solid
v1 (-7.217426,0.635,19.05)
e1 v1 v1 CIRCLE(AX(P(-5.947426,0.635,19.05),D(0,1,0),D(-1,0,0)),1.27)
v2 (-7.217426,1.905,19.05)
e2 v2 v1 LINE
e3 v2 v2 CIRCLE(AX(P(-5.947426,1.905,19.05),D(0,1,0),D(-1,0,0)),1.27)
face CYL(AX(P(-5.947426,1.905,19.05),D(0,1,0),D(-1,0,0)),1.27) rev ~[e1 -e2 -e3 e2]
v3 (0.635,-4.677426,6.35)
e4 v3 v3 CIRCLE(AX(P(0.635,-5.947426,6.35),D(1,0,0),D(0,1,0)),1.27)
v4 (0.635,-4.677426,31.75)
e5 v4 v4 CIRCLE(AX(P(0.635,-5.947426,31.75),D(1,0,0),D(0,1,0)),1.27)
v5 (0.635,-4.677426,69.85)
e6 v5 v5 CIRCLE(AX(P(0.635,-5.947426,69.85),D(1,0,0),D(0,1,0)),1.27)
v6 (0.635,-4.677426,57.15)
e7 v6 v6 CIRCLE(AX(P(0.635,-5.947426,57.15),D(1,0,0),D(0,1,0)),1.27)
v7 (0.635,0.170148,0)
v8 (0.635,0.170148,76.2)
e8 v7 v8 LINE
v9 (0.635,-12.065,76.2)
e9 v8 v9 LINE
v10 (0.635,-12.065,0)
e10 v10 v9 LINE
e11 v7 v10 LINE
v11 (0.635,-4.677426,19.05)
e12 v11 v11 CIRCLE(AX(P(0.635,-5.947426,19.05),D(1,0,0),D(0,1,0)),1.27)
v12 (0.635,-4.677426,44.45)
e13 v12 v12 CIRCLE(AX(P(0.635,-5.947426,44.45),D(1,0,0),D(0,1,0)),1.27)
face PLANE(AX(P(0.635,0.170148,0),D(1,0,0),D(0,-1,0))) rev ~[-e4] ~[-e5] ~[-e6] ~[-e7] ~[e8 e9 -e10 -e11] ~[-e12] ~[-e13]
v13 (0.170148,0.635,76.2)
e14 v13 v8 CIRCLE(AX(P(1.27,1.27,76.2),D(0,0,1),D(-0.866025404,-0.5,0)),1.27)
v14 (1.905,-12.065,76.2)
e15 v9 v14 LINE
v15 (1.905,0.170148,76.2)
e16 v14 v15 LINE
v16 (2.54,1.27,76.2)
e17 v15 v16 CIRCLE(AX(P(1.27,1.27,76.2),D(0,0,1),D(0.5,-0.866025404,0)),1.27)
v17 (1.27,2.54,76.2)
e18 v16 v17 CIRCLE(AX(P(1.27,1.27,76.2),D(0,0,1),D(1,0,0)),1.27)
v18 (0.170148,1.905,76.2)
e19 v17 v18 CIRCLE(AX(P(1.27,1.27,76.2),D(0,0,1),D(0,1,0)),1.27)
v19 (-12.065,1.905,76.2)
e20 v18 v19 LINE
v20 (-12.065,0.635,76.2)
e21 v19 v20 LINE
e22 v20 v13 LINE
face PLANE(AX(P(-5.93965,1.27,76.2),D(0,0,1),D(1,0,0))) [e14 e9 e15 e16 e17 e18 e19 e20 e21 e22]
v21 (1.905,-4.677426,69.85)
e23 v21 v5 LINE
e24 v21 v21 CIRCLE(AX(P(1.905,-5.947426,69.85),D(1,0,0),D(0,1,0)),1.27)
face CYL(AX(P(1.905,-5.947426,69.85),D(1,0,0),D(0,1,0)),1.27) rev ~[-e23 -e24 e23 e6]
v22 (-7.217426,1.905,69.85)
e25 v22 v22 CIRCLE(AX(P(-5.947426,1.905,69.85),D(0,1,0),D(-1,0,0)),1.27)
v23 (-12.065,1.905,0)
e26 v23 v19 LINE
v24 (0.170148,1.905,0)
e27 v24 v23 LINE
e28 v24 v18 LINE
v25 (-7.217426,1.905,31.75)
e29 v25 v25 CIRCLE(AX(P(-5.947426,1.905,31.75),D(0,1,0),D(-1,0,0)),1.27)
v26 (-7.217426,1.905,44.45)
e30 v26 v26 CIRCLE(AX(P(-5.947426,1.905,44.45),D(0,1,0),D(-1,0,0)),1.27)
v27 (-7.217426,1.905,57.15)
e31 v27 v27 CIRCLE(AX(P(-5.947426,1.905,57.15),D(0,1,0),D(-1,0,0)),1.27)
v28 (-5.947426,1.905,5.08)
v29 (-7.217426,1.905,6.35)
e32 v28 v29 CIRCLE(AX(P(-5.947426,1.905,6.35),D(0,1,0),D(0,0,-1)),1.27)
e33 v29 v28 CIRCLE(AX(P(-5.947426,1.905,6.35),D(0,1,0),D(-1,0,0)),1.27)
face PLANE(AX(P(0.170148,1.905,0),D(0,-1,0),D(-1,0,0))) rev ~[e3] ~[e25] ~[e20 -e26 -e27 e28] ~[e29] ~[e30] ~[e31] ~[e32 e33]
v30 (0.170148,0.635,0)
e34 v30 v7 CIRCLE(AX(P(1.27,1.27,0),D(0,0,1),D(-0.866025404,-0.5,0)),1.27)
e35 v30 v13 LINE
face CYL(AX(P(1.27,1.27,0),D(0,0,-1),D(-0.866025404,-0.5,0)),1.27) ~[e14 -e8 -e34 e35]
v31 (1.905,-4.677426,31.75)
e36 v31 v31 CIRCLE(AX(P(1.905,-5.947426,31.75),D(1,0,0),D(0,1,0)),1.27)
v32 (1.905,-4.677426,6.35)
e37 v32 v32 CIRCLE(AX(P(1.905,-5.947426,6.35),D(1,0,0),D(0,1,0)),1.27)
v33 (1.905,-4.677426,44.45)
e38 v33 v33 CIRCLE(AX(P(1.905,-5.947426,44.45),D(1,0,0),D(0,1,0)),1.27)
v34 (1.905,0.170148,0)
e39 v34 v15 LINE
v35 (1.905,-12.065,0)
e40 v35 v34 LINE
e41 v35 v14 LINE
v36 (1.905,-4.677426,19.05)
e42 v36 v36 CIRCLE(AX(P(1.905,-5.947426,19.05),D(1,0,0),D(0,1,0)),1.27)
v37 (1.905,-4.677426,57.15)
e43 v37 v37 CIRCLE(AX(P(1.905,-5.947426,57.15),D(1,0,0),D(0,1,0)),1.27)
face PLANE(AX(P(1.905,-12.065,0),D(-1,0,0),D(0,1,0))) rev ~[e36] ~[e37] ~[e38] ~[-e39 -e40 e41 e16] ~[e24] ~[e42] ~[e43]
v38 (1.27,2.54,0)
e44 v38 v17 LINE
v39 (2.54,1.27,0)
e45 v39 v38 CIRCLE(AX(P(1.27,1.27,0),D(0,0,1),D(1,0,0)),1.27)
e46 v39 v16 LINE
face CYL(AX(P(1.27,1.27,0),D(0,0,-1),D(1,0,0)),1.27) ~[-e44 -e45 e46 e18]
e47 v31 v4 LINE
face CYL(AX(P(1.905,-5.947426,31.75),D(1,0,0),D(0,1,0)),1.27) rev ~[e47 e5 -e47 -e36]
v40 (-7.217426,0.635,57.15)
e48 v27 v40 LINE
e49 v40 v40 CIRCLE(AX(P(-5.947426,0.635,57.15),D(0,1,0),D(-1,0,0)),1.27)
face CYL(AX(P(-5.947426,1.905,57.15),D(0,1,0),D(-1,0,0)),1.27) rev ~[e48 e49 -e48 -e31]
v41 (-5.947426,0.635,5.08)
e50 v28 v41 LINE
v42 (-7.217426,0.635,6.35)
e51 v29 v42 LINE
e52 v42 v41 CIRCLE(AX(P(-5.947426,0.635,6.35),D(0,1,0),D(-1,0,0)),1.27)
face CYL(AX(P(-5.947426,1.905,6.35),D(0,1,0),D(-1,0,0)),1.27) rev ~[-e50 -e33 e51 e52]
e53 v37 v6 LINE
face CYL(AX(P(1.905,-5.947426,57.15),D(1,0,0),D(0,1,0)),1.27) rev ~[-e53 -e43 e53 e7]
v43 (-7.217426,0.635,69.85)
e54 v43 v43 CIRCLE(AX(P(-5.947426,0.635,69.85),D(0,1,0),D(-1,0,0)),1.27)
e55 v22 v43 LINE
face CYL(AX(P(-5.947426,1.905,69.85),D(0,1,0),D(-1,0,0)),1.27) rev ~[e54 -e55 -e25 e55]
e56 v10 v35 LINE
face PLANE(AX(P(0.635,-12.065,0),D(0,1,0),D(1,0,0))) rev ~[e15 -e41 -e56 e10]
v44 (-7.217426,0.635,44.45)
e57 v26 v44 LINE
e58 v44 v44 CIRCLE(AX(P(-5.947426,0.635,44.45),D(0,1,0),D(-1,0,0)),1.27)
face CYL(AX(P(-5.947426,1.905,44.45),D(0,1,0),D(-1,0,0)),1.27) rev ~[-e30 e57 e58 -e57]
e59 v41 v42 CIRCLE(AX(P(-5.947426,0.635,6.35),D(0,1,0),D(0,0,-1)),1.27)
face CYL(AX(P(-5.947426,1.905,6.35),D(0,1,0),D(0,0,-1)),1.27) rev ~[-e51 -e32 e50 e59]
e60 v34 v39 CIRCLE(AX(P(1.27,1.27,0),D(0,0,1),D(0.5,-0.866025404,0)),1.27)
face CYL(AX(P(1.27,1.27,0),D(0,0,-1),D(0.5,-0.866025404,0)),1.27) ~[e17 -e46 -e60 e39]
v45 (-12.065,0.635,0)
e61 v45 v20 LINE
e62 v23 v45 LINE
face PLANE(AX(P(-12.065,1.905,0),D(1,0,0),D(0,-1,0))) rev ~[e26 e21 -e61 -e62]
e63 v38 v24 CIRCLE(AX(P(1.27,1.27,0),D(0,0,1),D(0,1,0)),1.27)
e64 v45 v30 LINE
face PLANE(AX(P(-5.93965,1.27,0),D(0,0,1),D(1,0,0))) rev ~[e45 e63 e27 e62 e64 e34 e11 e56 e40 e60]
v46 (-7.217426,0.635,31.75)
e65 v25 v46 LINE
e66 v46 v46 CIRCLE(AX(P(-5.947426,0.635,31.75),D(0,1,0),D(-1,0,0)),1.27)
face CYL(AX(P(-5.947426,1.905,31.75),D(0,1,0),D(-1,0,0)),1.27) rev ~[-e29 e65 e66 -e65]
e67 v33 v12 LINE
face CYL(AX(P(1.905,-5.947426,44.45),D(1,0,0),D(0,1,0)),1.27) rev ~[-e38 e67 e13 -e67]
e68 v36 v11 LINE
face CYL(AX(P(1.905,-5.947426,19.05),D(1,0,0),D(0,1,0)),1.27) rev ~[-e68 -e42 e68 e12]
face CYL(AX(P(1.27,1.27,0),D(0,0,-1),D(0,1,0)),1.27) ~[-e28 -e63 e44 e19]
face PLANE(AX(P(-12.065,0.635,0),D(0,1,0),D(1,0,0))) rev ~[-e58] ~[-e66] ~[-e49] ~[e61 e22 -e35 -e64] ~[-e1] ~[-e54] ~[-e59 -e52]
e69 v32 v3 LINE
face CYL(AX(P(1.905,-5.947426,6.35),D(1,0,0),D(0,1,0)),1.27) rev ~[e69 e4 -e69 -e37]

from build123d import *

# Parameters (mm, degrees)
F1_DEPTH = 76.2
F2_R     = 1.27
F3_DEPTH = 25.4
F4_R     = 1.27
F5_DEPTH = 25.4


with BuildPart() as f1:
    # F0 (on Top) → F1 (new body)
    with BuildSketch(Plane.XY):
        with BuildLine():
            ThreePointArc((0, 1.27), (0.0432742006, 1.5987001873), (0.1701477372, 1.905))
            Line((0.1701477372, 1.905), (-12.065, 1.905))
            Line((-12.065, 1.905), (-12.065, 0.635))
            Line((-12.065, 0.635), (0.1701477372, 0.635))
            ThreePointArc((0.1701477372, 0.635), (0.0432742006, 0.9412998127), (0, 1.27))
        make_face()
        with BuildLine():
            Line((1.905, -12.065), (1.905, 0.1701477372))
            ThreePointArc((1.905, 0.1701477372), (1.5987001873, 0.0432742006), (1.27, 0))
            ThreePointArc((1.27, 0), (0.9412998127, 0.0432742006), (0.635, 0.1701477372))
            Line((0.635, 0.1701477372), (0.635, -12.065))
            Line((0.635, -12.065), (1.905, -12.065))
        make_face()
        with BuildLine():
            ThreePointArc((1.905, 0.1701477372), (2.3698522628, 0.635), (2.54, 1.27))
            Line((2.54, 1.27), (1.905, 0.635))
            Line((1.905, 0.635), (1.905, 0.1701477372))
        make_face()
        with BuildLine():
            Line((1.27, 2.54), (2.54, 1.27))
            ThreePointArc((2.54, 1.27), (2.1680256121, 2.1680256121), (1.27, 2.54))
        make_face()
        Polygon((1.27, 1.27), (2.54, 1.27), (1.27, 2.54), align=None)
        Polygon((1.905, 0.635), (2.54, 1.27), (1.27, 1.27), (1.27, 0), align=None)
        with BuildLine():
            ThreePointArc((1.27, 0), (1.5987001873, 0.0432742006), (1.905, 0.1701477372))
            Line((1.905, 0.1701477372), (1.905, 0.635))
            Line((1.905, 0.635), (1.27, 0))
        make_face()
        with BuildLine():
            ThreePointArc((0.635, 0.1701477372), (0.9412998127, 0.0432742006), (1.27, 0))
            Line((1.27, 0), (0.635, 0.635))
            Line((0.635, 0.635), (0.635, 0.1701477372))
        make_face()
        with BuildLine():
            ThreePointArc((0.1701477372, 0.635), (0.3719743879, 0.3719743879), (0.635, 0.1701477372))
            Line((0.635, 0.1701477372), (0.635, 0.635))
            Line((0.635, 0.635), (0.1701477372, 0.635))
        make_face()
        with BuildLine():
            Line((0.635, 0.635), (0, 1.27))
            ThreePointArc((0, 1.27), (0.0432742006, 0.9412998127), (0.1701477372, 0.635))
            Line((0.1701477372, 0.635), (0.635, 0.635))
        make_face()
        Polygon((1.27, 0), (1.27, 1.27), (0, 1.27), (0.635, 0.635), align=None)
        Polygon((1.27, 1.27), (1.27, 2.54), (0.635, 1.905), (0, 1.27), align=None)
        with BuildLine():
            Line((0.635, 1.905), (0.1701477372, 1.905))
            ThreePointArc((0.1701477372, 1.905), (0.0432742006, 1.5987001873), (0, 1.27))
            Line((0, 1.27), (0.635, 1.905))
        make_face()
        with BuildLine():
            Line((0.635, 1.905), (1.27, 2.54))
            ThreePointArc((1.27, 2.54), (0.635, 2.3698522628), (0.1701477372, 1.905))
            Line((0.1701477372, 1.905), (0.635, 1.905))
        make_face()
    extrude(amount=F1_DEPTH)

    # F2 (on face) → F3 (cut)
    with BuildSketch(Plane.YZ.offset(1.905)):
        with Locations((-5.9474261314, 69.85)):
            Circle(F2_R)
        with Locations((-5.9474261314, 57.15)):
            Circle(F2_R)
        with Locations((-5.9474261314, 44.45)):
            Circle(F2_R)
        with Locations((-5.9474261314, 31.75)):
            Circle(F2_R)
        with Locations((-5.9474261314, 19.05)):
            Circle(F2_R)
        with Locations((-5.9474261314, 6.35)):
            Circle(F2_R)
    extrude(amount=-F3_DEPTH, mode=Mode.SUBTRACT)

    # F4 (on face) → F5 (cut)
    with BuildSketch(Plane(origin=(0, 1.905, 0), x_dir=(-1, 0, 0), z_dir=(0, 1, 0))):
        with Locations((5.9474261314, 69.85)):
            Circle(F4_R)
        with Locations((5.9474261314, 57.15)):
            Circle(F4_R)
        with Locations((5.9474261314, 44.45)):
            Circle(F4_R)
        with Locations((5.9474261314, 31.75)):
            Circle(F4_R)
        with Locations((5.9474261314, 19.05)):
            Circle(F4_R)
        with BuildLine():
            ThreePointArc((7.2174261314, 6.35), (5.0494005193, 7.2480256121), (5.9474261314, 5.08))
            ThreePointArc((5.9474261314, 5.08), (6.8454517435, 5.4519743879), (7.2174261314, 6.35))
        make_face()
    extrude(amount=-F5_DEPTH, mode=Mode.SUBTRACT)


solid = f1.part
